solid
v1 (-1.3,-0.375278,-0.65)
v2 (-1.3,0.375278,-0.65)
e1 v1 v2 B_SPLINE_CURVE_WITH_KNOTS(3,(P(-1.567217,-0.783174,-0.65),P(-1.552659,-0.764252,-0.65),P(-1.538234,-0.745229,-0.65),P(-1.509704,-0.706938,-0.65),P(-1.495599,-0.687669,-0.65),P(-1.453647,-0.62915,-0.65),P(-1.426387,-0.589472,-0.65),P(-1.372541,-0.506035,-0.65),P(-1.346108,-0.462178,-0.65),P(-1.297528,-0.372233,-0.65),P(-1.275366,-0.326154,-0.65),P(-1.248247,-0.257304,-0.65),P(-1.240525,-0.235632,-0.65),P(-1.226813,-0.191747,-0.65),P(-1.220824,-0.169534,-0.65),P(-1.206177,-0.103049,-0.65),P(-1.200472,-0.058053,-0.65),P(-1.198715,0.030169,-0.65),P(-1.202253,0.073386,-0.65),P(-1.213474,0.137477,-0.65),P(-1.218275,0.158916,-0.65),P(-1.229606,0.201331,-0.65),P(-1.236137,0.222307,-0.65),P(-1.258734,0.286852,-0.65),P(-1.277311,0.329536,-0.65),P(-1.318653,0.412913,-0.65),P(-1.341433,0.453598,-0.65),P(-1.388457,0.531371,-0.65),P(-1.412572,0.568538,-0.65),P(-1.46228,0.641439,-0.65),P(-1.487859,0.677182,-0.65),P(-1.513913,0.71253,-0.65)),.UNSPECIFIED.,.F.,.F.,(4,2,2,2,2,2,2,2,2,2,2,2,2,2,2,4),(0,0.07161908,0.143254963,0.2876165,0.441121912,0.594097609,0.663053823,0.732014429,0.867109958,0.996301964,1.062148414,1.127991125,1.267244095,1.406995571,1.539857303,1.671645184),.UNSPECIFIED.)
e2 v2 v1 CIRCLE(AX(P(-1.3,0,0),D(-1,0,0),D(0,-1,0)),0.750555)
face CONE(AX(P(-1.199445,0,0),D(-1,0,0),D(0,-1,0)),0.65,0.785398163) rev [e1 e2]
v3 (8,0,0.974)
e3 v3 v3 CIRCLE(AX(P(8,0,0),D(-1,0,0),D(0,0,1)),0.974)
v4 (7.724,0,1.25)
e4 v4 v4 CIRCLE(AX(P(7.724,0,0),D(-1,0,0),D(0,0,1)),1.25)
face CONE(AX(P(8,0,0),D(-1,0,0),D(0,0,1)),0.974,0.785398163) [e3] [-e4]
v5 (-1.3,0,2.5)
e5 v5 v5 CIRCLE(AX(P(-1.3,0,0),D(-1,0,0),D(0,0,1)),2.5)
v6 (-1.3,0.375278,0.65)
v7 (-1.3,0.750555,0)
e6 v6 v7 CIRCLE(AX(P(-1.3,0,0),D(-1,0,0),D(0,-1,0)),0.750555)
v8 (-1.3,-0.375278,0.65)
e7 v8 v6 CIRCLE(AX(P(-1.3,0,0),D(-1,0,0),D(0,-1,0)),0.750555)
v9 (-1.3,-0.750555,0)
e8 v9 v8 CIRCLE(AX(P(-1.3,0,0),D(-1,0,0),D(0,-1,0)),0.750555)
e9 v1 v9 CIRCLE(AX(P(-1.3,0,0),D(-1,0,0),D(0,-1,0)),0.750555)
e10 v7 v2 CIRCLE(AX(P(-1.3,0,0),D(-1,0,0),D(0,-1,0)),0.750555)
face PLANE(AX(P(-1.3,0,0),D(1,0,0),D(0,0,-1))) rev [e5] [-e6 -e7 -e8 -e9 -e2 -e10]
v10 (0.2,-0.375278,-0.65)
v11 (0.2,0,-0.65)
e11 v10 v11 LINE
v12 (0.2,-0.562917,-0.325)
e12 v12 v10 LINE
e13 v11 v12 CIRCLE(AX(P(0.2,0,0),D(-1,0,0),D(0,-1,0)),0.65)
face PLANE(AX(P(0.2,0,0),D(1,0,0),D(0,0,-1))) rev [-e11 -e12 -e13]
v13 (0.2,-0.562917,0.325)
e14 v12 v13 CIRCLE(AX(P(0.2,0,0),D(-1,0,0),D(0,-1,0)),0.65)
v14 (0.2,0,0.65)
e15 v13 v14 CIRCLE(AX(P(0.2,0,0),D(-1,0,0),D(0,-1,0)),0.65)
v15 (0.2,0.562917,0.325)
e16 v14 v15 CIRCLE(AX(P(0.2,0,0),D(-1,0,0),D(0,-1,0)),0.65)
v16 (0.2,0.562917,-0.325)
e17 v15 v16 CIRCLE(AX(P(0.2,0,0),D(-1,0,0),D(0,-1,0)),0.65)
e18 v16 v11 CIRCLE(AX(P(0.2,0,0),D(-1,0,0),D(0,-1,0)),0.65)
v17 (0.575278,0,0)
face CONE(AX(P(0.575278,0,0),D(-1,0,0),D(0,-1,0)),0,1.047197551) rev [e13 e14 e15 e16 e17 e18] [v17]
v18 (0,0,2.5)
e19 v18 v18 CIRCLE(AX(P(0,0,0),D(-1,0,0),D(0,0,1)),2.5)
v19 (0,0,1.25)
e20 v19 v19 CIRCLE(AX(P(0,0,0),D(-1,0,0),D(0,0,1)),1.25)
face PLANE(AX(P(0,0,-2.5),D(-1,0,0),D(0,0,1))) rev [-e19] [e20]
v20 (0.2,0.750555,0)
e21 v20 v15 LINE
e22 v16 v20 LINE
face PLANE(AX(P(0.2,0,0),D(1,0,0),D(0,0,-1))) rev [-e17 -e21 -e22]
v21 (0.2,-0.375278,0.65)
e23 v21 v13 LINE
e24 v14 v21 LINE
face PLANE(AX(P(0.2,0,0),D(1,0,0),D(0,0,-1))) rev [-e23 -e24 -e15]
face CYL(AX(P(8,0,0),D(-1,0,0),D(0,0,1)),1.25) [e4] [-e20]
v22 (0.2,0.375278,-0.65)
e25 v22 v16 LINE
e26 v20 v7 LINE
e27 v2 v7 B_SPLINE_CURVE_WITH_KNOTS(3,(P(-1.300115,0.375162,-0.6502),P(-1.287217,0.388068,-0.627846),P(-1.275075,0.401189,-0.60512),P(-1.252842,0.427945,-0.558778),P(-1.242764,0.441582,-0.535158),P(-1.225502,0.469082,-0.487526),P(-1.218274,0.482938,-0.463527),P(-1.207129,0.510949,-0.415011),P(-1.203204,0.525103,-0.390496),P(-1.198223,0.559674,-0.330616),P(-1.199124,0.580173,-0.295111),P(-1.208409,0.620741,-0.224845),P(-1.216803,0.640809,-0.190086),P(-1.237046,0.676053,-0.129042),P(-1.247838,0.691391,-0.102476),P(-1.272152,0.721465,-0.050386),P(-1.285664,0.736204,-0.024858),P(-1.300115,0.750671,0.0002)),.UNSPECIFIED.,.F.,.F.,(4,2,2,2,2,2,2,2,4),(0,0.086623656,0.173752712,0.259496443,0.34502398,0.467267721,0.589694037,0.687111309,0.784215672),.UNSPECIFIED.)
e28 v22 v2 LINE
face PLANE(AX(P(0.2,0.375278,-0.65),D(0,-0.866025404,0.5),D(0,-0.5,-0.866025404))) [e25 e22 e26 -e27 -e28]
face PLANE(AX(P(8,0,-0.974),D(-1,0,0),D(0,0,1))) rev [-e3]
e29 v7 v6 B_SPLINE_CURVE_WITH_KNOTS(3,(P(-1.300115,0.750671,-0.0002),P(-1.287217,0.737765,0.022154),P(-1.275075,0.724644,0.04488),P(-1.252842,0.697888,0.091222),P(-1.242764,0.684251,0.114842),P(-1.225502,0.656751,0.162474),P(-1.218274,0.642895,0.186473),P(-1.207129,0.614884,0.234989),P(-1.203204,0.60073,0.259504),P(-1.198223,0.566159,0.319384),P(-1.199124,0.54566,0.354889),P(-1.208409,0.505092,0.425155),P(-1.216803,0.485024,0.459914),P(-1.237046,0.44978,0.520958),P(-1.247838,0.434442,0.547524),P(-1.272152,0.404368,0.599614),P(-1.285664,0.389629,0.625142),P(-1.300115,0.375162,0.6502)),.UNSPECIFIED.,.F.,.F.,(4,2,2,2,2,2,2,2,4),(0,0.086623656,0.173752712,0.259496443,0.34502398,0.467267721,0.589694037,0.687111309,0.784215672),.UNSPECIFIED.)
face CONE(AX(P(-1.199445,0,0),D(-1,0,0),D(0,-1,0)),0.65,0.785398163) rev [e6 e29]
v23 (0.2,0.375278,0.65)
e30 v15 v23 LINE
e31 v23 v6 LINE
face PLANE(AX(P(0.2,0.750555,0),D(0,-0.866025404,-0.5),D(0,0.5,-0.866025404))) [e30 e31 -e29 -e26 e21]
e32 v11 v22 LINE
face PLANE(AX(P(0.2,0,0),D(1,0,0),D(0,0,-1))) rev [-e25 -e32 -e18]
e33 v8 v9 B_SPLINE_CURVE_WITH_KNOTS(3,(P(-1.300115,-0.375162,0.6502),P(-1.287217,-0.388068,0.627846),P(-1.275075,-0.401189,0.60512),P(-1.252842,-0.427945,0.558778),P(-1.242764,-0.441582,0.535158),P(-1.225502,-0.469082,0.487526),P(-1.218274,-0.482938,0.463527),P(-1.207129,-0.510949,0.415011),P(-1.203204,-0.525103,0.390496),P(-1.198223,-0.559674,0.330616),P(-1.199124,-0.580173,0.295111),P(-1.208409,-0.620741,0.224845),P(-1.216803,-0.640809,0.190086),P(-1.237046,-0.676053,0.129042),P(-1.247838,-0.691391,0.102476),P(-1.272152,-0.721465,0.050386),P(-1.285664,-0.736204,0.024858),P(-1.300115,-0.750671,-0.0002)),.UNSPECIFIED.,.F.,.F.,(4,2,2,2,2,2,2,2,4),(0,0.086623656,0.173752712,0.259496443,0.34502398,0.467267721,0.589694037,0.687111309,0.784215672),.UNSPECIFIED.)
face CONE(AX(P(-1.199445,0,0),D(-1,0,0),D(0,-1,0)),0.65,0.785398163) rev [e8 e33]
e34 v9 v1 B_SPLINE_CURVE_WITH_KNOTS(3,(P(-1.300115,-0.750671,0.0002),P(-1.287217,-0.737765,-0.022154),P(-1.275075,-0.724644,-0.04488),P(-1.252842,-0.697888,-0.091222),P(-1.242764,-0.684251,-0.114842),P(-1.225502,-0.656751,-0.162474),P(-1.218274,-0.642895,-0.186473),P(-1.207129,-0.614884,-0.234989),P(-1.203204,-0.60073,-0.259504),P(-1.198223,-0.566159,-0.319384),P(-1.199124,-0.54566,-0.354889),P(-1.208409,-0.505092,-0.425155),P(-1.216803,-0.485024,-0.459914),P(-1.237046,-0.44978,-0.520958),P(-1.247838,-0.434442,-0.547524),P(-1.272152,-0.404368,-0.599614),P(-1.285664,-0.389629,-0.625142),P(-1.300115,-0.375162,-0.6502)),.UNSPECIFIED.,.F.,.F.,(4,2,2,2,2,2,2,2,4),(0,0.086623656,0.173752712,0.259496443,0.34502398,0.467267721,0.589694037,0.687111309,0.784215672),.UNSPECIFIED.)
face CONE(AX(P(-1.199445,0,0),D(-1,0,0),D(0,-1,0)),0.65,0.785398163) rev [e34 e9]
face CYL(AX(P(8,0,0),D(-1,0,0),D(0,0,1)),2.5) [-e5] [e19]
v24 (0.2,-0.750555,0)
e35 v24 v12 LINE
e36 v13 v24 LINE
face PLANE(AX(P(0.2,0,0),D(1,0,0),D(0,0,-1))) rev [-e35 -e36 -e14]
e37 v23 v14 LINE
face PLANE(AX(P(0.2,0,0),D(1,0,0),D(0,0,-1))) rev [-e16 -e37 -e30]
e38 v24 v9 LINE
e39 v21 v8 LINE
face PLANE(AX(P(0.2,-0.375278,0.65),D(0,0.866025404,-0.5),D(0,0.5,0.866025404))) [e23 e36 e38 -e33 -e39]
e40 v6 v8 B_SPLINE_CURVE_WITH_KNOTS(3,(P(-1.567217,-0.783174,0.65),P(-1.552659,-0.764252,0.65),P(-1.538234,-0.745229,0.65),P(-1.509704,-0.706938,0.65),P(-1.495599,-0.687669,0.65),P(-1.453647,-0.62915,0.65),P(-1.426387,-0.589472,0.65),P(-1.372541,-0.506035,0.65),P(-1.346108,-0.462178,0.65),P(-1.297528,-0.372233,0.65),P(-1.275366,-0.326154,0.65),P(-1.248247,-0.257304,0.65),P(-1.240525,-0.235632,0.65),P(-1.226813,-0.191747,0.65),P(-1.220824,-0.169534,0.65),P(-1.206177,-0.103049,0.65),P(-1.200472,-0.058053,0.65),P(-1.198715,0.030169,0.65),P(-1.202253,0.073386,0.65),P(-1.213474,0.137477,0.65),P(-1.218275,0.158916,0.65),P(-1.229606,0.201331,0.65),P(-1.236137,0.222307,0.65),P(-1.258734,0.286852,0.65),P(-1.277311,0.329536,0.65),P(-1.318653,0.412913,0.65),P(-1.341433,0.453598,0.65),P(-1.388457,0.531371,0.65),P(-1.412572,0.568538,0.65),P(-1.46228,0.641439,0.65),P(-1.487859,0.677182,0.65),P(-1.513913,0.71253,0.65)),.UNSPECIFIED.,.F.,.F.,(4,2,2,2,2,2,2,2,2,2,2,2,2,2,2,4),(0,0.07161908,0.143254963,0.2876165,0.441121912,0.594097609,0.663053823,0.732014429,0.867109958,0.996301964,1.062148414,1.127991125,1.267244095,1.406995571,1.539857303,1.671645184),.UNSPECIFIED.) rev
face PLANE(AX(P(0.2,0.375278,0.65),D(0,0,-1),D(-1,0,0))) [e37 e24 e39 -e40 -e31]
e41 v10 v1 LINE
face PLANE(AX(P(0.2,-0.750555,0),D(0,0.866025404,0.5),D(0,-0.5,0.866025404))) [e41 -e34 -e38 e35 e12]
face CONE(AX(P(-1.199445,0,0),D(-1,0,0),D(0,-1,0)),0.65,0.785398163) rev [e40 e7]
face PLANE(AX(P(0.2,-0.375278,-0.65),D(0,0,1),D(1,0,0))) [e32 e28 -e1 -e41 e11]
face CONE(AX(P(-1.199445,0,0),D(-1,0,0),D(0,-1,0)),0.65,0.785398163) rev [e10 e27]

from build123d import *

# Parameters (mm, degrees)
ENL_V_MAT_EXTRU_1_DEPTH = 1.5


with BuildPart() as part:
    # Esquisse1 → Révolution1 (revolve)
    with BuildSketch(Plane(origin=(0, 0, 0), x_dir=(1, 0, 0), z_dir=(0, 1, 0))):
        Polygon((-1.3, 0), (-1.3, 2.5), (0, 2.5), (0, 1.25), (7.724, 1.25), (8, 0.974), (8, 0), align=None)
    revolve(axis=Axis((8, 0, 0), (-1, 0, 0)))

    # Esquisse2 → Enlèvement de matière-Révolution1 (revolve, cut)
    with BuildSketch(Plane.XY):
        Polygon((-1.3, 0), (-1.3, 0.75055535), (-1.19944465, 0.65), (0.2, 0.65), (0.575277675, 0), align=None)
    revolve(axis=Axis((0.575277675, 0, 0), (-1, 0, 0)), mode=Mode.SUBTRACT)

    # Esquisse3 → Enlèv. mat.-Extru.1 (cut)
    with BuildSketch(Plane(origin=(-1.3, 0, 0), x_dir=(0, 0, -1), z_dir=(1, 0, 0))):
        Polygon((-0.65, 0.375277675), (-0.65, -0.375277675), (0, -0.75055535), (0.65, -0.375277675), (0.65, 0.375277675), (0, 0.75055535), align=None)
    extrude(amount=ENL_V_MAT_EXTRU_1_DEPTH, mode=Mode.SUBTRACT)


solid = part.part
